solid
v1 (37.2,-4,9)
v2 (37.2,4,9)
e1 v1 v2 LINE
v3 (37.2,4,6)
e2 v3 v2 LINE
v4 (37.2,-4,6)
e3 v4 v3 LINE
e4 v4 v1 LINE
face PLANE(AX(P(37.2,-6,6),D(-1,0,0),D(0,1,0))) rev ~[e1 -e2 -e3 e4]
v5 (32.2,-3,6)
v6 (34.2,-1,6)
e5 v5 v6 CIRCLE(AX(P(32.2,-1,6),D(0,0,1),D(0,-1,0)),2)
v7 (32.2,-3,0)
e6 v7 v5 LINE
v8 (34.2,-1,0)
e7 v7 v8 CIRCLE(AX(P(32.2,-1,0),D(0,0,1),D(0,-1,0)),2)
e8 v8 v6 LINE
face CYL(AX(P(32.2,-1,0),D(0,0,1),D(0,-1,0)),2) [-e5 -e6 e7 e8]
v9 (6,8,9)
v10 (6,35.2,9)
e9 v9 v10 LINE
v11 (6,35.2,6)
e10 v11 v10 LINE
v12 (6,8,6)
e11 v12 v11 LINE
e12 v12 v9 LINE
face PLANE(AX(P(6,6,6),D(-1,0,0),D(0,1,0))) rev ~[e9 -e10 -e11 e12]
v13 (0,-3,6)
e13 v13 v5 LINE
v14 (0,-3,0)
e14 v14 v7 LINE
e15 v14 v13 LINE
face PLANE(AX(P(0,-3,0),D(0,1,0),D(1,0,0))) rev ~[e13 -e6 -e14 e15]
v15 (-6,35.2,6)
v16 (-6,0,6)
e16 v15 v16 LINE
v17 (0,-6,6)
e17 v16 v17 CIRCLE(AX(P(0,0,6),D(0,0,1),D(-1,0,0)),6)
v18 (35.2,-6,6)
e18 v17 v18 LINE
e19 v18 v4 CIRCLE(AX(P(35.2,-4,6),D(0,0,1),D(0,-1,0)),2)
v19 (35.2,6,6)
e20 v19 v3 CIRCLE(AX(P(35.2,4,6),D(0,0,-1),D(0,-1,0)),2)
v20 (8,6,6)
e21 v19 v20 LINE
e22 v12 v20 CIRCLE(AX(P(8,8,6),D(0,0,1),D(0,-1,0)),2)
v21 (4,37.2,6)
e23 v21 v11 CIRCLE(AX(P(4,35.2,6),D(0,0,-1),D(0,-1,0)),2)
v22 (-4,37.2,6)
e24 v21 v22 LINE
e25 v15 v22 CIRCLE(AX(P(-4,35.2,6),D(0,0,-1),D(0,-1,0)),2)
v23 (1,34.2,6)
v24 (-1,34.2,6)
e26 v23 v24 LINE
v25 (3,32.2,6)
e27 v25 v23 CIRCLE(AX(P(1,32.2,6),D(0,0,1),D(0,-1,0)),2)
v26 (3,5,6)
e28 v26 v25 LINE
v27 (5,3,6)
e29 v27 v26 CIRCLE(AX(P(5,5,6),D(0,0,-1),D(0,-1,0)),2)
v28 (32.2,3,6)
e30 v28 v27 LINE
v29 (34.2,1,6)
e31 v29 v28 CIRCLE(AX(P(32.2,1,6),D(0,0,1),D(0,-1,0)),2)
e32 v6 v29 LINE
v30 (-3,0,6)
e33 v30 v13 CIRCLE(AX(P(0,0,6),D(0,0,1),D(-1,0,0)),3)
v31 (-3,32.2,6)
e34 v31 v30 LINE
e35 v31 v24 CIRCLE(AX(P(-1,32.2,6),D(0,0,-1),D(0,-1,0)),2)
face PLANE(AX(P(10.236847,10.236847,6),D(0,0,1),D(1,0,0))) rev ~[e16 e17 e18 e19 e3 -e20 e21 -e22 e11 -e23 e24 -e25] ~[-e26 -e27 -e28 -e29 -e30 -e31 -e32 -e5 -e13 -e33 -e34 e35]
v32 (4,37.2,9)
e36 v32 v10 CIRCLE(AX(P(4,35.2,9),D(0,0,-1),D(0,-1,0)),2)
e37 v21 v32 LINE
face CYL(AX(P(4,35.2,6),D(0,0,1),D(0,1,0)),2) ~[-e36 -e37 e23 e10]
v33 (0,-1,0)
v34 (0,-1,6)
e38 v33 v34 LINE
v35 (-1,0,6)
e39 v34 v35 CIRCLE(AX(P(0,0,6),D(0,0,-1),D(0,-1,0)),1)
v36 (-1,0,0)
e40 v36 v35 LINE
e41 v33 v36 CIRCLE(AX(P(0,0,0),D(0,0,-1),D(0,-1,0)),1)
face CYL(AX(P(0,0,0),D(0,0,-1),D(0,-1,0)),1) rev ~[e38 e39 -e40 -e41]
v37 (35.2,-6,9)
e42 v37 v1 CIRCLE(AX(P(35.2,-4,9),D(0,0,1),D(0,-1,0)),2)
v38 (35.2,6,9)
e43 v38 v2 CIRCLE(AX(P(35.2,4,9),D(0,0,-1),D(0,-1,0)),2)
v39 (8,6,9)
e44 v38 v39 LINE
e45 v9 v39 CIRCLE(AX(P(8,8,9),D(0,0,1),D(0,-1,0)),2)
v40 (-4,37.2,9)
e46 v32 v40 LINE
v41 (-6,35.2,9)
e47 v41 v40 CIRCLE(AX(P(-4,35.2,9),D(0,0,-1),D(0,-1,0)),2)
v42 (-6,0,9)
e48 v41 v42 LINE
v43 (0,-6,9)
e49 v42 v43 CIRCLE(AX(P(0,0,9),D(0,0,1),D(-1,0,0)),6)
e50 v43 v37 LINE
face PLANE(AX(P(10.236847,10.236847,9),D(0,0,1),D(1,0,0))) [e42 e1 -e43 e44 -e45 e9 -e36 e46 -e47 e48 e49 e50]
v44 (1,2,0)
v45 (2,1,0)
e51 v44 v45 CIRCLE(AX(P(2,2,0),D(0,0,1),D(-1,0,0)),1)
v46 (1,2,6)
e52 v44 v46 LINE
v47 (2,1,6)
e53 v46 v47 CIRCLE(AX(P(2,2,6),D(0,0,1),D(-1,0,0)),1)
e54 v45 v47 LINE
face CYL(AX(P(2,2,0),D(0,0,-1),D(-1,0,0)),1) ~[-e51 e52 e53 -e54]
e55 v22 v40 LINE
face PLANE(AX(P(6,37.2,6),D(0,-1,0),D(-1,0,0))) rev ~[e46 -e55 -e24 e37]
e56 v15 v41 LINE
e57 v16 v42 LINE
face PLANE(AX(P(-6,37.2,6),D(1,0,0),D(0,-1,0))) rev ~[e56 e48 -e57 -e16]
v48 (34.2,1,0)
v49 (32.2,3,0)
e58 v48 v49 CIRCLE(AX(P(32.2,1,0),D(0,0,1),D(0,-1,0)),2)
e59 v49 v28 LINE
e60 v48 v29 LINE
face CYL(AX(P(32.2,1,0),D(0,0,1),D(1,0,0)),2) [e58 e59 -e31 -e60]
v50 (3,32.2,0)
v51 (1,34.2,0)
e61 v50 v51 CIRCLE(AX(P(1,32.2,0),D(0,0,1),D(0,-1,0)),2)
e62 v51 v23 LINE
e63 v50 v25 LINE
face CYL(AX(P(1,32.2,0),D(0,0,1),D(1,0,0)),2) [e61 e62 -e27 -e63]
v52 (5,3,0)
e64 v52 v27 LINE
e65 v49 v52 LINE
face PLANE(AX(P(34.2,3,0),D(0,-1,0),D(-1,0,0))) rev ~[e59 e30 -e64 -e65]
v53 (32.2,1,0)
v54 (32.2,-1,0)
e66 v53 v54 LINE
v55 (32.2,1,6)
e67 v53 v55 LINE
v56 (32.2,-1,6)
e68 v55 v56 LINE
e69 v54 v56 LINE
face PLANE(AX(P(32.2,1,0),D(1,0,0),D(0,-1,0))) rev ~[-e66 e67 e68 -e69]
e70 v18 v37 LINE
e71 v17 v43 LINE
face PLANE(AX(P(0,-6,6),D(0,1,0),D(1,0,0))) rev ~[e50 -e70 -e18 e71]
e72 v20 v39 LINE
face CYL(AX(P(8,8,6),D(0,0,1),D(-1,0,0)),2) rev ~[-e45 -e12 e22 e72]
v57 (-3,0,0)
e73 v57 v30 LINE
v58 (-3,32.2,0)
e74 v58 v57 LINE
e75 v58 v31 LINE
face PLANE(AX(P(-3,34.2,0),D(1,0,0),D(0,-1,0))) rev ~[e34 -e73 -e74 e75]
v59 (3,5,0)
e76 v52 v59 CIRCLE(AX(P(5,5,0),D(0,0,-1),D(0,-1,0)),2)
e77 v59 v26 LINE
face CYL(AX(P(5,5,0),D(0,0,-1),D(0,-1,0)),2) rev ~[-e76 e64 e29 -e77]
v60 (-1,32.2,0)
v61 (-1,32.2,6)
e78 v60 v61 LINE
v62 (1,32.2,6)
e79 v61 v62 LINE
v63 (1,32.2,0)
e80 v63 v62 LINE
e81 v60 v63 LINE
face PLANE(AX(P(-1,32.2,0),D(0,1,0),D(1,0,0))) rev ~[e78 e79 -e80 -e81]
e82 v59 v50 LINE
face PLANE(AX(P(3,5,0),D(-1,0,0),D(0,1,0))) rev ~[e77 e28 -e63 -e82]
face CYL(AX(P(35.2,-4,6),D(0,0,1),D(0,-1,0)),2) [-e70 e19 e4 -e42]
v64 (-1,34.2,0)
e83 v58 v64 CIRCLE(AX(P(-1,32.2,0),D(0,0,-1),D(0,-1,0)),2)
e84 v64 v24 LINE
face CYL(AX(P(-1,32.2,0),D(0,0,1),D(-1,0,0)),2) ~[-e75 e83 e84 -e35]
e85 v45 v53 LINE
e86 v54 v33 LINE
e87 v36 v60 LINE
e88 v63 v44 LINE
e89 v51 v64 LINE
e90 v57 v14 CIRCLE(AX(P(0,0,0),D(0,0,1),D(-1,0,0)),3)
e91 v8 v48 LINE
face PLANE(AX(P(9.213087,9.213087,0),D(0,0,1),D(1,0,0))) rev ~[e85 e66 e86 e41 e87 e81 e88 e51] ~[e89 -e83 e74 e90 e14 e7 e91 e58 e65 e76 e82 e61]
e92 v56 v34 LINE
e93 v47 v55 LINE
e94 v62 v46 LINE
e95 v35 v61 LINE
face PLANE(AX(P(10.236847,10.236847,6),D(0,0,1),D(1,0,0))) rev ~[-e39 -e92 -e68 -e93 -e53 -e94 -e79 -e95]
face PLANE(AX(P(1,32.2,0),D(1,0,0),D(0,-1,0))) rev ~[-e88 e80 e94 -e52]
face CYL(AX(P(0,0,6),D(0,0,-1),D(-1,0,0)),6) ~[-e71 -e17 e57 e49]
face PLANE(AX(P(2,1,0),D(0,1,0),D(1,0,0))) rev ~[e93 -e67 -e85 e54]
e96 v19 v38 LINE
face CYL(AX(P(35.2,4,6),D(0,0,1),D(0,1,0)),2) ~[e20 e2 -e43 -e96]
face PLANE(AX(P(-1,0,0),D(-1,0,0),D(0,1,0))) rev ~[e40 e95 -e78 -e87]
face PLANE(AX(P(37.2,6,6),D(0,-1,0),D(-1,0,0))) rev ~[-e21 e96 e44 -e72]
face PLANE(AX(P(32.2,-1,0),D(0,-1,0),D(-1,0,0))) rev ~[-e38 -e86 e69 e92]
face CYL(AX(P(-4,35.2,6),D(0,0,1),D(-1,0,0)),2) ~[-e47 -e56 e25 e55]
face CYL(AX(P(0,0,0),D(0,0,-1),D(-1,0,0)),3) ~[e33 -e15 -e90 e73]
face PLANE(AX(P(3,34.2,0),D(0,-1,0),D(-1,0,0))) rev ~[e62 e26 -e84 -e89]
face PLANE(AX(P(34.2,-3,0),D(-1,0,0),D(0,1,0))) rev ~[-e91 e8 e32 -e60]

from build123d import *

# Parameters (mm, degrees)
F1_DEPTH = 6
F3_DEPTH = 3
F4_R     = 2
F5_R     = 2


with BuildPart() as f1:
    # F0 (on Top) → F1 (new body)
    with BuildSketch(Plane.XY):
        with BuildLine():
            Line((-3, 34.2), (-3, 0))
            ThreePointArc((-3, 0), (-2.1213203436, -2.1213203436), (0, -3))
            Line((0, -3), (34.2, -3))
            Line((34.2, -3), (34.2, 3))
            Line((34.2, 3), (5, 3))
            ThreePointArc((5, 3), (3.5857864376, 3.5857864376), (3, 5))
            Line((3, 5), (3, 34.2))
            Line((3, 34.2), (-3, 34.2))
        make_face()
        with BuildLine():
            Line((1, 32.2), (1, 2))
            ThreePointArc((1, 2), (1.2928932188, 1.2928932188), (2, 1))
            Line((2, 1), (32.2, 1))
            Line((32.2, 1), (32.2, -1))
            Line((32.2, -1), (0, -1))
            ThreePointArc((0, -1), (-0.7071067812, -0.7071067812), (-1, 0))
            Line((-1, 0), (-1, 32.2))
            Line((-1, 32.2), (1, 32.2))
        make_face(mode=Mode.SUBTRACT)
    extrude(amount=F1_DEPTH)

    # F2 (on face) → F3 (join)
    with BuildSketch(Plane.XY.offset(6)):
        with BuildLine():
            Line((-6, 37.2), (-6, 0))
            ThreePointArc((-6, 0), (-4.2426406871, -4.2426406871), (0, -6))
            Line((0, -6), (37.2, -6))
            Line((37.2, -6), (37.2, 6))
            Line((37.2, 6), (6, 6))
            Line((6, 6), (6, 37.2))
            Line((6, 37.2), (-6, 37.2))
        make_face()
        with BuildLine():
            Line((-3, 0), (-3, 34.2))
            Line((-3, 34.2), (3, 34.2))
            Line((3, 34.2), (3, 5))
            ThreePointArc((3, 5), (3.5857864376, 3.5857864376), (5, 3))
            Line((5, 3), (34.2, 3))
            Line((34.2, 3), (34.2, -3))
            Line((34.2, -3), (0, -3))
            ThreePointArc((0, -3), (-2.1213203436, -2.1213203436), (-3, 0))
        make_face(mode=Mode.SUBTRACT)
        with BuildLine():
            Line((3, 34.2), (-3, 34.2))
            Line((-3, 34.2), (-3, 0))
            ThreePointArc((-3, 0), (-2.1213203436, -2.1213203436), (0, -3))
            Line((0, -3), (34.2, -3))
            Line((34.2, -3), (34.2, 3))
            Line((34.2, 3), (5, 3))
            ThreePointArc((5, 3), (3.5857864376, 3.5857864376), (3, 5))
            Line((3, 5), (3, 34.2))
        make_face()
        with BuildLine():
            ThreePointArc((0, -1), (-0.7071067812, -0.7071067812), (-1, 0))
            Line((-1, 0), (-1, 32.2))
            Line((-1, 32.2), (1, 32.2))
            Line((1, 32.2), (1, 2))
            ThreePointArc((1, 2), (1.2928932188, 1.2928932188), (2, 1))
            Line((2, 1), (32.2, 1))
            Line((32.2, 1), (32.2, -1))
            Line((32.2, -1), (0, -1))
        make_face(mode=Mode.SUBTRACT)
        with BuildLine():
            Line((-1, 32.2), (-1, 0))
            ThreePointArc((-1, 0), (-0.7071067812, -0.7071067812), (0, -1))
            Line((0, -1), (32.2, -1))
            Line((32.2, -1), (32.2, 1))
            Line((32.2, 1), (2, 1))
            ThreePointArc((2, 1), (1.2928932188, 1.2928932188), (1, 2))
            Line((1, 2), (1, 32.2))
            Line((1, 32.2), (-1, 32.2))
        make_face()
    extrude(amount=F3_DEPTH)

    # F4
    f4_edges = [f1.edges().sort_by_distance(p)[0] for p in [
        (6, 37.2, 7.5),
        (6, 6, 7.5),
        (37.2, 6, 7.5),
        (37.2, -6, 7.5),
        (-6, 37.2, 7.5),
    ]]
    fillet(f4_edges, radius=F4_R)

    # F5
    f5_edges = [f1.edges().sort_by_distance(p)[0] for p in [
        (-3, 34.2, 3),
        (3, 34.2, 3),
        (34.2, 3, 3),
        (34.2, -3, 3),
    ]]
    fillet(f5_edges, radius=F5_R)


solid = f1.part
